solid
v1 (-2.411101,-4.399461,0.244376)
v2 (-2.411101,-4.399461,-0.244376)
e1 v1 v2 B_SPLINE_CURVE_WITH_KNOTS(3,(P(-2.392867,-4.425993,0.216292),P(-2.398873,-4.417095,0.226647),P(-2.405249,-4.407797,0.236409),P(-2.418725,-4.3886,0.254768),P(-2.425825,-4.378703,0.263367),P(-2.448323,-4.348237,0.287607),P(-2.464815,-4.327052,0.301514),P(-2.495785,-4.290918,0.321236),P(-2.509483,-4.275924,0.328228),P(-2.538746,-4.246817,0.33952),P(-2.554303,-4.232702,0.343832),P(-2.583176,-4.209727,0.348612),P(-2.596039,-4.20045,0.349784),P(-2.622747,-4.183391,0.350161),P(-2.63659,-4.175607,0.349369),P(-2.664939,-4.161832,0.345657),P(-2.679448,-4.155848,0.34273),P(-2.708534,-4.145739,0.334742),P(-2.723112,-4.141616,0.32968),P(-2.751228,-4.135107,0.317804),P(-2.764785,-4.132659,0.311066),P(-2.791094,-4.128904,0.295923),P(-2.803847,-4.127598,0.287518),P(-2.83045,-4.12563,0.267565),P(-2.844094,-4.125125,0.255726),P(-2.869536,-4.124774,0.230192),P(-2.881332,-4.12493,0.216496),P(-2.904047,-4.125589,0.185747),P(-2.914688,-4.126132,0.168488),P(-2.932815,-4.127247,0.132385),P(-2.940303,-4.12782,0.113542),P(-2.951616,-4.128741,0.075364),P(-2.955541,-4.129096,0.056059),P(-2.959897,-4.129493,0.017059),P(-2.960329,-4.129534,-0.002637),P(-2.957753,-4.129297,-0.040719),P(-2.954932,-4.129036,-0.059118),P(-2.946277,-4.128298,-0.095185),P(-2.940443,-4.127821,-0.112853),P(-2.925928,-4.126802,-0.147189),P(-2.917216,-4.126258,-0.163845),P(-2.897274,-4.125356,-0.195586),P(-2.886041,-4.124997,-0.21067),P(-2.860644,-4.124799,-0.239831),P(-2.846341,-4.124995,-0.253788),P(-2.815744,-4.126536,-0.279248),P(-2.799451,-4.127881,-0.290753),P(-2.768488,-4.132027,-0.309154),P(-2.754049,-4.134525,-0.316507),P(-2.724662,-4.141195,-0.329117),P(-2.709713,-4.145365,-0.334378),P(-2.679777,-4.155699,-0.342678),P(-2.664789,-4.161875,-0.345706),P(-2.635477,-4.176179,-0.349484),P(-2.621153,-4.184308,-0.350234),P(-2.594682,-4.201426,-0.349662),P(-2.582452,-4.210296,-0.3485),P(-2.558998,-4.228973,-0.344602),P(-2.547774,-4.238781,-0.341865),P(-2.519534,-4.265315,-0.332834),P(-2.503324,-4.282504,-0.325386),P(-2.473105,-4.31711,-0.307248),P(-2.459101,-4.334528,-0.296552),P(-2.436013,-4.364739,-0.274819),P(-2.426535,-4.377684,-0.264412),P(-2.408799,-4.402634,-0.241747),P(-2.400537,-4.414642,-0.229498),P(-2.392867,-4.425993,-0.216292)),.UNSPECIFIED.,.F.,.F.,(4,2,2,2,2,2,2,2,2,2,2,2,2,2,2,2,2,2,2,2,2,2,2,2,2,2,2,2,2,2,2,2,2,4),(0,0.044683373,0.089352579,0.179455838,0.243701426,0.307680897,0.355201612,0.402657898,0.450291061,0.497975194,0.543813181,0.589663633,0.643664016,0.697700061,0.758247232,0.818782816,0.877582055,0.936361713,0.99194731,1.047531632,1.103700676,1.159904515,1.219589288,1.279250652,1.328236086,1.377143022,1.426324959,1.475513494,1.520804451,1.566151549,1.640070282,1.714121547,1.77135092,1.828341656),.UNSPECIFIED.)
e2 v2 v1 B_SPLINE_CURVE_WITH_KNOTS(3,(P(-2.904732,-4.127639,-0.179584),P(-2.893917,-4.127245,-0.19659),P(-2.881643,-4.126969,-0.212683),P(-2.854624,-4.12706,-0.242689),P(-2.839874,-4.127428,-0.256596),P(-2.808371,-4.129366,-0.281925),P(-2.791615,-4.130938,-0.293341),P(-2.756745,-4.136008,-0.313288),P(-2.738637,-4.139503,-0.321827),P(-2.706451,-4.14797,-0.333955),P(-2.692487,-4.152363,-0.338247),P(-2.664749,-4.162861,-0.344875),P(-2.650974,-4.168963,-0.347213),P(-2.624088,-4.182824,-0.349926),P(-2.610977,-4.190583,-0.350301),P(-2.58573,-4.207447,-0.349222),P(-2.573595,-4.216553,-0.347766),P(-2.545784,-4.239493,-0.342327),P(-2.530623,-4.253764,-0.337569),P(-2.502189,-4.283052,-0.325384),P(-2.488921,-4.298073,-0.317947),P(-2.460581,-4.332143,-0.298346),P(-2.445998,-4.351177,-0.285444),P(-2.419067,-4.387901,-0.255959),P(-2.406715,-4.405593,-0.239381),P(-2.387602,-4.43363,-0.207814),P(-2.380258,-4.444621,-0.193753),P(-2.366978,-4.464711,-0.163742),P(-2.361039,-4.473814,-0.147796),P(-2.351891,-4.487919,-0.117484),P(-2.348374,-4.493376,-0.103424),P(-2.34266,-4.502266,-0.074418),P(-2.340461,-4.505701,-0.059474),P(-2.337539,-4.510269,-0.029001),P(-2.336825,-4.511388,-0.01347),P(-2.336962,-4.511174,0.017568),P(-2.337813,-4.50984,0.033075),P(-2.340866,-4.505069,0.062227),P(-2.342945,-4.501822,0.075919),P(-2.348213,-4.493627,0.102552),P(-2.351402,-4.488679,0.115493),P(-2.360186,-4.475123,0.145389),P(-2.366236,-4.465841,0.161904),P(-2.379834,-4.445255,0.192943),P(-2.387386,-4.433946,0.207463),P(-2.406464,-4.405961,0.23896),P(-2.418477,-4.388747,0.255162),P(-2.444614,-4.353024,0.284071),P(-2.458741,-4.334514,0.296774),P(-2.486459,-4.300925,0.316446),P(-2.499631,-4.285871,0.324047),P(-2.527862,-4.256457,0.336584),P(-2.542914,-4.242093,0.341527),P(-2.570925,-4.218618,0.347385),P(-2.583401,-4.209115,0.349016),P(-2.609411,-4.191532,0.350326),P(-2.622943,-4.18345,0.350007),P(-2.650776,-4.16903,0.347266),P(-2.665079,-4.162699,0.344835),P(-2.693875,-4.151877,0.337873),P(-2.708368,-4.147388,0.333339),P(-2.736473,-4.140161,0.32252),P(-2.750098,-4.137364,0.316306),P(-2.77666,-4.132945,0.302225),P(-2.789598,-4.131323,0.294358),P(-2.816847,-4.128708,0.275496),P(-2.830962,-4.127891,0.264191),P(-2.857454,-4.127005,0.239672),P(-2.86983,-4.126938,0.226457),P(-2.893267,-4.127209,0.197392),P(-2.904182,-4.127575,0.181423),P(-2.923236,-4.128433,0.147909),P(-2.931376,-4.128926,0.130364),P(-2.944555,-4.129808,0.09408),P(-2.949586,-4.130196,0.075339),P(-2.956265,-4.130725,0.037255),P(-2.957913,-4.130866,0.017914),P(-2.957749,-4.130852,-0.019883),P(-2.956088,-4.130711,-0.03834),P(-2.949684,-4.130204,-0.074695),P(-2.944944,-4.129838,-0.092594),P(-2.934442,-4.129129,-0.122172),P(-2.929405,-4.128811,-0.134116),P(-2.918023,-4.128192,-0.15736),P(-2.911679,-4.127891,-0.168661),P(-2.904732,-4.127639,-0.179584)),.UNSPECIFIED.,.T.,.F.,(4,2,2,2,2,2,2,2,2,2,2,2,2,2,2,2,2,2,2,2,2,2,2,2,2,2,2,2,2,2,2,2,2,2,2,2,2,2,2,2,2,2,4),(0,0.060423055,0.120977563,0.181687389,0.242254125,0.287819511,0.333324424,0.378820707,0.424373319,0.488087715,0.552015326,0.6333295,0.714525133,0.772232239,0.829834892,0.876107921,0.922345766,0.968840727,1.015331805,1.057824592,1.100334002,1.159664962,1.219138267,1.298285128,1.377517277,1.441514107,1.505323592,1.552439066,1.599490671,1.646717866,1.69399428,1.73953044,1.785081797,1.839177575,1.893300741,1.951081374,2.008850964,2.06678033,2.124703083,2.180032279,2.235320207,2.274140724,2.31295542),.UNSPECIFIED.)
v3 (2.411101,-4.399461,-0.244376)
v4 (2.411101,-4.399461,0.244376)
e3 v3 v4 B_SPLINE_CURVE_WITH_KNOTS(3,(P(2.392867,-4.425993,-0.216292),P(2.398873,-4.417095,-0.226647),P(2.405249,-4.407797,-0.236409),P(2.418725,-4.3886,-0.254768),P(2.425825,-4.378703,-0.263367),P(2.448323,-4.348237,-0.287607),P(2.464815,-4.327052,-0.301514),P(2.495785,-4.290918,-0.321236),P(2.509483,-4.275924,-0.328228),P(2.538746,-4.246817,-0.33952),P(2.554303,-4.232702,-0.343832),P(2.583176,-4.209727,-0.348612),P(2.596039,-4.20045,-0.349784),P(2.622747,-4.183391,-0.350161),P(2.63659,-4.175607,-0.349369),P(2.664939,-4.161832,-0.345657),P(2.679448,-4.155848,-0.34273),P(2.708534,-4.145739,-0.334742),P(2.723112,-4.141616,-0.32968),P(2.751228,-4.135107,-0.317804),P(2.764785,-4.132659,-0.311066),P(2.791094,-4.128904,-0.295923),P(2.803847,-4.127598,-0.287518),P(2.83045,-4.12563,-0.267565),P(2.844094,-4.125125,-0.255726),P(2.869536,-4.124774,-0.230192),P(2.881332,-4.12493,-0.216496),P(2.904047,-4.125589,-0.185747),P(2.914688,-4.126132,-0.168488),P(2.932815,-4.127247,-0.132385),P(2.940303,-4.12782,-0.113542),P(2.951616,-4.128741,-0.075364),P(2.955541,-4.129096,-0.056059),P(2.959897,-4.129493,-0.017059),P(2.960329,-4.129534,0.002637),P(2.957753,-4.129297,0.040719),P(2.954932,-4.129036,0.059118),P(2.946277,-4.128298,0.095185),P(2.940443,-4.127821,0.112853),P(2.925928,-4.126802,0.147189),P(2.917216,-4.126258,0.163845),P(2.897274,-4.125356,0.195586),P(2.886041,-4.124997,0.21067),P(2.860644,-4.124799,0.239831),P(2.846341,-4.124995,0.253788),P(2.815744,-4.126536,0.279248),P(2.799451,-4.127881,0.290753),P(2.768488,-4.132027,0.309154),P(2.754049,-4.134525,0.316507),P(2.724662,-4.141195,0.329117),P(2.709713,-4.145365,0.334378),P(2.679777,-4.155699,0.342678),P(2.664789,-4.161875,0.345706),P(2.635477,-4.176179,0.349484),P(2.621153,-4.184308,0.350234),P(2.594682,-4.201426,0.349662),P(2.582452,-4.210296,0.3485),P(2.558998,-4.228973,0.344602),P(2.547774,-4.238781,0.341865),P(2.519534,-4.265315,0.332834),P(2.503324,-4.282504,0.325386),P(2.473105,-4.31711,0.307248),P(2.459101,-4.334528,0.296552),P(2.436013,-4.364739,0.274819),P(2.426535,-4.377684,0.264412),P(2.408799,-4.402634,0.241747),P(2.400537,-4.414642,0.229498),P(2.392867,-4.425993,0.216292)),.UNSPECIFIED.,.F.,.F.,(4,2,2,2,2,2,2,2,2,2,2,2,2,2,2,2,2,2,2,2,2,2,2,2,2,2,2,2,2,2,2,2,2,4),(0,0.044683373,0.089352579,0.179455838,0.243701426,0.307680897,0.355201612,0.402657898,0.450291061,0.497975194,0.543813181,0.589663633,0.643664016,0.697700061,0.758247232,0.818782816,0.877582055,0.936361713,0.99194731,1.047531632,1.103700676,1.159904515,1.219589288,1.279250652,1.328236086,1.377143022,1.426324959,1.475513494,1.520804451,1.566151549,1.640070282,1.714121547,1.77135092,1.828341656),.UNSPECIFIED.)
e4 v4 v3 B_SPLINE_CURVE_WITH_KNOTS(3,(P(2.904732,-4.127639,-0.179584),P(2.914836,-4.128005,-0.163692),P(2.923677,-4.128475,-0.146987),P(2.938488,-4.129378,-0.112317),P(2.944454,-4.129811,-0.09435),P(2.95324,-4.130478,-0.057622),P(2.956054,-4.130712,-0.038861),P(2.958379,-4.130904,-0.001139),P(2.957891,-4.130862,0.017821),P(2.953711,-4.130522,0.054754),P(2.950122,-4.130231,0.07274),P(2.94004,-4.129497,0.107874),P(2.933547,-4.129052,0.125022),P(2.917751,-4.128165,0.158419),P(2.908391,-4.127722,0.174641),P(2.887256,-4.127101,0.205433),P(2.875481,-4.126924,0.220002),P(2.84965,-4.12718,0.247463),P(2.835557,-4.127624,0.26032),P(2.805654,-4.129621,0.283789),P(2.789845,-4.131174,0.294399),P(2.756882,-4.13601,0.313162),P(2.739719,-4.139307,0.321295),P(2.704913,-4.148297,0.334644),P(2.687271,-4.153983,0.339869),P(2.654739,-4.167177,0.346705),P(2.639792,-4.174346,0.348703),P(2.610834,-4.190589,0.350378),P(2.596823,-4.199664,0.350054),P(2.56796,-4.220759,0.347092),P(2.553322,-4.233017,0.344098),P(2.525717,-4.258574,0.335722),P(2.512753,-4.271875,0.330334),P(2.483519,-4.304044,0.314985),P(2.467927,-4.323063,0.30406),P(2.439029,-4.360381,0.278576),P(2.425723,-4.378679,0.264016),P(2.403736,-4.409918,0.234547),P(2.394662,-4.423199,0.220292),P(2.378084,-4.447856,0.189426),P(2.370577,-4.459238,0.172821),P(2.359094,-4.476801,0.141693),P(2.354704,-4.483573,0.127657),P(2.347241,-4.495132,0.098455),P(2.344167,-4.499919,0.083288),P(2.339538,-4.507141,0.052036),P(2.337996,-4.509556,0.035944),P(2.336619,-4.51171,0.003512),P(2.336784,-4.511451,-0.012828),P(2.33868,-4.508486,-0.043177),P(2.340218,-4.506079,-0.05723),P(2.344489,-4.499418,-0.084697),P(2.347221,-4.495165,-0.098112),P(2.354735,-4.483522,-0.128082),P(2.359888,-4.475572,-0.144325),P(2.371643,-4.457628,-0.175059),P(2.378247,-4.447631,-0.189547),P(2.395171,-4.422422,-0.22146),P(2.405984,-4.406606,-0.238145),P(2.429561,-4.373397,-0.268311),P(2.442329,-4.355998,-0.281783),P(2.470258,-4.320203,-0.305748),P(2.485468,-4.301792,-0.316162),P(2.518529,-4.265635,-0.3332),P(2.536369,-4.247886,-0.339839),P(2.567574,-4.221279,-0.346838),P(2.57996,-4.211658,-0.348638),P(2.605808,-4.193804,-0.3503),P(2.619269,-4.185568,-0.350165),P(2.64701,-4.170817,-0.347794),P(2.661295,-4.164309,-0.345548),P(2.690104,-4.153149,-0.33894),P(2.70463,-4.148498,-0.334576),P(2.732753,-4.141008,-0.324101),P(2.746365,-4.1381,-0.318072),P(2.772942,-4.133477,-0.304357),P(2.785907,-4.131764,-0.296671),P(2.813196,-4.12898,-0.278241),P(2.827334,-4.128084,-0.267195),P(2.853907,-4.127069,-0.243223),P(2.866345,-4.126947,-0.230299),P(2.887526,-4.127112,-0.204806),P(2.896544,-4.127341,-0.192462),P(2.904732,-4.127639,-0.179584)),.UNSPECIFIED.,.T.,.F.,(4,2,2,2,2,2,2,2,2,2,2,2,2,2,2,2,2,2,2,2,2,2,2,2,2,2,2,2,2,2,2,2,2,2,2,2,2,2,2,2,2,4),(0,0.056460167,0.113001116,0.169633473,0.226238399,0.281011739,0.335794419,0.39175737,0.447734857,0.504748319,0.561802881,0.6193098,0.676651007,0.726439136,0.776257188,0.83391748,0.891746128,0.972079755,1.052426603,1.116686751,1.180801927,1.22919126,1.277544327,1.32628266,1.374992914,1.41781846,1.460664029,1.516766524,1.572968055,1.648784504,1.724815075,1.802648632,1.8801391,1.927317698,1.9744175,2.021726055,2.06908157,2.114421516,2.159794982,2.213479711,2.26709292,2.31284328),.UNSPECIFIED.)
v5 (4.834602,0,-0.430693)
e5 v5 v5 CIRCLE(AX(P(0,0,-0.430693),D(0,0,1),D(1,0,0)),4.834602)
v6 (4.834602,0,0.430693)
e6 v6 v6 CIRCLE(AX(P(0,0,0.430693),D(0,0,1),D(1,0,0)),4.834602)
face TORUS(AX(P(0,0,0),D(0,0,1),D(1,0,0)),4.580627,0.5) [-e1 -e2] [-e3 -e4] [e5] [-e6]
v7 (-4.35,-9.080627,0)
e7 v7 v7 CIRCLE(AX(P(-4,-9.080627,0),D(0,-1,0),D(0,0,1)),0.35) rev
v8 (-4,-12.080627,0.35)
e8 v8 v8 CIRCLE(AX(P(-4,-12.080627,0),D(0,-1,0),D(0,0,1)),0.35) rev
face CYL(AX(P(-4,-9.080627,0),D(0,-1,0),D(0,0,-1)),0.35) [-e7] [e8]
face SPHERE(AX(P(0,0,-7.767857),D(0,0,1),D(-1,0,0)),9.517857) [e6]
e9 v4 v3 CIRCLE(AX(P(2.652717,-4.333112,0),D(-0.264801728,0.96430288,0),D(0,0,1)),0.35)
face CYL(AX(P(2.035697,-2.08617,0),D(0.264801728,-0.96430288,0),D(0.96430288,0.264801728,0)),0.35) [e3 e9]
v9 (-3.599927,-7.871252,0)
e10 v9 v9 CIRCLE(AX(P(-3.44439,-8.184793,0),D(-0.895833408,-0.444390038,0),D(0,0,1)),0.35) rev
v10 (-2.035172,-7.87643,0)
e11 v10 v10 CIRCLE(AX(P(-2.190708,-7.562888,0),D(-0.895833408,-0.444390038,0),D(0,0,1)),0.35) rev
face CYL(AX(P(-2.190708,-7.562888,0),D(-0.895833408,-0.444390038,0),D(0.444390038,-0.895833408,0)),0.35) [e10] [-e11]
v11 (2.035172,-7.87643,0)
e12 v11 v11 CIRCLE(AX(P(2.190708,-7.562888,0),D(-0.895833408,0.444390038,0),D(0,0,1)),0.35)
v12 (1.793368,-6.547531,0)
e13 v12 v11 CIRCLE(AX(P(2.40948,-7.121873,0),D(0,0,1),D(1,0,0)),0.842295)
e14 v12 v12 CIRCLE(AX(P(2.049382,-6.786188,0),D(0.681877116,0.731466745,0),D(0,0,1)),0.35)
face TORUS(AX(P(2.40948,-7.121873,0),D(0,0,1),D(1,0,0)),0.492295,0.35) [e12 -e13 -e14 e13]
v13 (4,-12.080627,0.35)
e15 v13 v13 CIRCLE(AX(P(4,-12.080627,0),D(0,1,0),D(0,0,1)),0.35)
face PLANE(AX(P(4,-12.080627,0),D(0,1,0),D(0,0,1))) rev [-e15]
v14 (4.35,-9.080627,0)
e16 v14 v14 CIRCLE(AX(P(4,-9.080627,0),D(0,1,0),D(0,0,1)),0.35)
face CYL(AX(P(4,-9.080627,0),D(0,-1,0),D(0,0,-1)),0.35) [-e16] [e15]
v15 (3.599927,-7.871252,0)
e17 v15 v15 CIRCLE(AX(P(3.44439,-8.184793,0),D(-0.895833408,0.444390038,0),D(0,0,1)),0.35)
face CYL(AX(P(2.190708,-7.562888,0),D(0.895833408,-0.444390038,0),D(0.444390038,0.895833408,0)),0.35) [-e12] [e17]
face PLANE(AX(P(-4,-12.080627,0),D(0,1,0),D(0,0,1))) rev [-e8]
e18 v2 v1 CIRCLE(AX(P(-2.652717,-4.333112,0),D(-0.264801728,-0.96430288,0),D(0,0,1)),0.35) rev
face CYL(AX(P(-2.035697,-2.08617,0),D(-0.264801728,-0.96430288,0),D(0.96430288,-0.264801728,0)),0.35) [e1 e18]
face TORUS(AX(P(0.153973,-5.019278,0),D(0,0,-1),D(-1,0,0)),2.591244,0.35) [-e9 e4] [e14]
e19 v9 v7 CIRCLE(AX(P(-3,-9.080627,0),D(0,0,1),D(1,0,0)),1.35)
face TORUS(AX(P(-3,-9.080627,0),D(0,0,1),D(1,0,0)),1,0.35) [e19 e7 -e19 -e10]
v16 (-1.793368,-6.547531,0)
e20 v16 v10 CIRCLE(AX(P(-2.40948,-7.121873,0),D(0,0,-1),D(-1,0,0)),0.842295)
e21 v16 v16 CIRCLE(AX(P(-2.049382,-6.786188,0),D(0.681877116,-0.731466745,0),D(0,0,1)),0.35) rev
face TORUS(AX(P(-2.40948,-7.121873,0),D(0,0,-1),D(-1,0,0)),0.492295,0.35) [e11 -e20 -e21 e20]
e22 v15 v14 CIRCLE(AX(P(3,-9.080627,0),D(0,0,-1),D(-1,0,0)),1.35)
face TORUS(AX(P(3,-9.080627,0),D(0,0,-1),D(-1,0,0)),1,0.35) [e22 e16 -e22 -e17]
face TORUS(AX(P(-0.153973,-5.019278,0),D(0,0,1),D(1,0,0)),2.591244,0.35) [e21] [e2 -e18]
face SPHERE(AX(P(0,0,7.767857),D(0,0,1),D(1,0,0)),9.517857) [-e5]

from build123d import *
from build123d.topology import SkipClean

# Parameters (mm, degrees)
SKETCH_2_R = 0.35


with BuildPart() as part:
    # Эскиз1 → Повернуть7 (revolve)
    with BuildSketch(Plane(origin=(0, 0, 0), x_dir=(1, 0, 0), z_dir=(0, 1, 0)), mode=Mode.PRIVATE) as revolve_7_sk:
        with BuildLine():
            Line((0, 1.75), (0, -1.75))
            ThreePointArc((0, -1.75), (-2.505691012, -1.414251392), (-4.83460226, -0.430693069))
            ThreePointArc((-4.83460226, -0.430693069), (-5.080626907, 0), (-4.83460226, 0.430693069))
            ThreePointArc((-4.83460226, 0.430693069), (-2.505691012, 1.414251392), (0, 1.75))
        make_face()
    revolve(revolve_7_sk.sketch.rotate(Axis((0, 0, 0.721443958), (0, 0, -1)), 180), axis=Axis((0, 0, 0.721443958), (0, 0, -1)))

    # По траектории1: sweep along a path in Эскиз3
    with SkipClean():  # the faces are left unmerged after this step: merging them gives an invalid solid
        with BuildLine(Plane.XY) as sweep_1_path:
            Line((2, 0), (2, -1.821368611))
            ThreePointArc((2, -1.821368611), (2.008964461, -1.954967113), (2.03569712, -2.086170339))
            Line((2.03569712, -2.086170339), (2.652717062, -4.333112271))
            ThreePointArc((2.652717062, -4.333112271), (2.670228198, -5.63815247), (2.049381784, -6.78618831))
            ThreePointArc((2.049381784, -6.78618831), (1.92513675, -7.210003279), (2.190708351, -7.562888078))
            Line((2.190708351, -7.562888078), (3.444390038, -8.184793499))
            ThreePointArc((3.444390038, -8.184793499), (3.849820581, -8.553554823), (4, -9.080626907))
            Line((4, -9.080626907), (4, -12.080626907))
        # Эскиз2 → По траектории1 (sweep)
        with BuildSketch(Plane(origin=(0, 0, 0), x_dir=(1, 0, 0), z_dir=(0, 1, 0))):
            with Locations((2, 0)):
                Circle(SKETCH_2_R)
        sweep_1 = sweep(path=sweep_1_path.line)

    # Зеркальное отражение1: По траектории1 across plane
    with SkipClean():  # the faces are left unmerged after this step: merging them gives an invalid solid
        add(sweep_1.mirror(Plane(origin=(0, 0, 0), x_dir=(0, 0, 1), z_dir=(1, 0, 0))))


solid = part.part
